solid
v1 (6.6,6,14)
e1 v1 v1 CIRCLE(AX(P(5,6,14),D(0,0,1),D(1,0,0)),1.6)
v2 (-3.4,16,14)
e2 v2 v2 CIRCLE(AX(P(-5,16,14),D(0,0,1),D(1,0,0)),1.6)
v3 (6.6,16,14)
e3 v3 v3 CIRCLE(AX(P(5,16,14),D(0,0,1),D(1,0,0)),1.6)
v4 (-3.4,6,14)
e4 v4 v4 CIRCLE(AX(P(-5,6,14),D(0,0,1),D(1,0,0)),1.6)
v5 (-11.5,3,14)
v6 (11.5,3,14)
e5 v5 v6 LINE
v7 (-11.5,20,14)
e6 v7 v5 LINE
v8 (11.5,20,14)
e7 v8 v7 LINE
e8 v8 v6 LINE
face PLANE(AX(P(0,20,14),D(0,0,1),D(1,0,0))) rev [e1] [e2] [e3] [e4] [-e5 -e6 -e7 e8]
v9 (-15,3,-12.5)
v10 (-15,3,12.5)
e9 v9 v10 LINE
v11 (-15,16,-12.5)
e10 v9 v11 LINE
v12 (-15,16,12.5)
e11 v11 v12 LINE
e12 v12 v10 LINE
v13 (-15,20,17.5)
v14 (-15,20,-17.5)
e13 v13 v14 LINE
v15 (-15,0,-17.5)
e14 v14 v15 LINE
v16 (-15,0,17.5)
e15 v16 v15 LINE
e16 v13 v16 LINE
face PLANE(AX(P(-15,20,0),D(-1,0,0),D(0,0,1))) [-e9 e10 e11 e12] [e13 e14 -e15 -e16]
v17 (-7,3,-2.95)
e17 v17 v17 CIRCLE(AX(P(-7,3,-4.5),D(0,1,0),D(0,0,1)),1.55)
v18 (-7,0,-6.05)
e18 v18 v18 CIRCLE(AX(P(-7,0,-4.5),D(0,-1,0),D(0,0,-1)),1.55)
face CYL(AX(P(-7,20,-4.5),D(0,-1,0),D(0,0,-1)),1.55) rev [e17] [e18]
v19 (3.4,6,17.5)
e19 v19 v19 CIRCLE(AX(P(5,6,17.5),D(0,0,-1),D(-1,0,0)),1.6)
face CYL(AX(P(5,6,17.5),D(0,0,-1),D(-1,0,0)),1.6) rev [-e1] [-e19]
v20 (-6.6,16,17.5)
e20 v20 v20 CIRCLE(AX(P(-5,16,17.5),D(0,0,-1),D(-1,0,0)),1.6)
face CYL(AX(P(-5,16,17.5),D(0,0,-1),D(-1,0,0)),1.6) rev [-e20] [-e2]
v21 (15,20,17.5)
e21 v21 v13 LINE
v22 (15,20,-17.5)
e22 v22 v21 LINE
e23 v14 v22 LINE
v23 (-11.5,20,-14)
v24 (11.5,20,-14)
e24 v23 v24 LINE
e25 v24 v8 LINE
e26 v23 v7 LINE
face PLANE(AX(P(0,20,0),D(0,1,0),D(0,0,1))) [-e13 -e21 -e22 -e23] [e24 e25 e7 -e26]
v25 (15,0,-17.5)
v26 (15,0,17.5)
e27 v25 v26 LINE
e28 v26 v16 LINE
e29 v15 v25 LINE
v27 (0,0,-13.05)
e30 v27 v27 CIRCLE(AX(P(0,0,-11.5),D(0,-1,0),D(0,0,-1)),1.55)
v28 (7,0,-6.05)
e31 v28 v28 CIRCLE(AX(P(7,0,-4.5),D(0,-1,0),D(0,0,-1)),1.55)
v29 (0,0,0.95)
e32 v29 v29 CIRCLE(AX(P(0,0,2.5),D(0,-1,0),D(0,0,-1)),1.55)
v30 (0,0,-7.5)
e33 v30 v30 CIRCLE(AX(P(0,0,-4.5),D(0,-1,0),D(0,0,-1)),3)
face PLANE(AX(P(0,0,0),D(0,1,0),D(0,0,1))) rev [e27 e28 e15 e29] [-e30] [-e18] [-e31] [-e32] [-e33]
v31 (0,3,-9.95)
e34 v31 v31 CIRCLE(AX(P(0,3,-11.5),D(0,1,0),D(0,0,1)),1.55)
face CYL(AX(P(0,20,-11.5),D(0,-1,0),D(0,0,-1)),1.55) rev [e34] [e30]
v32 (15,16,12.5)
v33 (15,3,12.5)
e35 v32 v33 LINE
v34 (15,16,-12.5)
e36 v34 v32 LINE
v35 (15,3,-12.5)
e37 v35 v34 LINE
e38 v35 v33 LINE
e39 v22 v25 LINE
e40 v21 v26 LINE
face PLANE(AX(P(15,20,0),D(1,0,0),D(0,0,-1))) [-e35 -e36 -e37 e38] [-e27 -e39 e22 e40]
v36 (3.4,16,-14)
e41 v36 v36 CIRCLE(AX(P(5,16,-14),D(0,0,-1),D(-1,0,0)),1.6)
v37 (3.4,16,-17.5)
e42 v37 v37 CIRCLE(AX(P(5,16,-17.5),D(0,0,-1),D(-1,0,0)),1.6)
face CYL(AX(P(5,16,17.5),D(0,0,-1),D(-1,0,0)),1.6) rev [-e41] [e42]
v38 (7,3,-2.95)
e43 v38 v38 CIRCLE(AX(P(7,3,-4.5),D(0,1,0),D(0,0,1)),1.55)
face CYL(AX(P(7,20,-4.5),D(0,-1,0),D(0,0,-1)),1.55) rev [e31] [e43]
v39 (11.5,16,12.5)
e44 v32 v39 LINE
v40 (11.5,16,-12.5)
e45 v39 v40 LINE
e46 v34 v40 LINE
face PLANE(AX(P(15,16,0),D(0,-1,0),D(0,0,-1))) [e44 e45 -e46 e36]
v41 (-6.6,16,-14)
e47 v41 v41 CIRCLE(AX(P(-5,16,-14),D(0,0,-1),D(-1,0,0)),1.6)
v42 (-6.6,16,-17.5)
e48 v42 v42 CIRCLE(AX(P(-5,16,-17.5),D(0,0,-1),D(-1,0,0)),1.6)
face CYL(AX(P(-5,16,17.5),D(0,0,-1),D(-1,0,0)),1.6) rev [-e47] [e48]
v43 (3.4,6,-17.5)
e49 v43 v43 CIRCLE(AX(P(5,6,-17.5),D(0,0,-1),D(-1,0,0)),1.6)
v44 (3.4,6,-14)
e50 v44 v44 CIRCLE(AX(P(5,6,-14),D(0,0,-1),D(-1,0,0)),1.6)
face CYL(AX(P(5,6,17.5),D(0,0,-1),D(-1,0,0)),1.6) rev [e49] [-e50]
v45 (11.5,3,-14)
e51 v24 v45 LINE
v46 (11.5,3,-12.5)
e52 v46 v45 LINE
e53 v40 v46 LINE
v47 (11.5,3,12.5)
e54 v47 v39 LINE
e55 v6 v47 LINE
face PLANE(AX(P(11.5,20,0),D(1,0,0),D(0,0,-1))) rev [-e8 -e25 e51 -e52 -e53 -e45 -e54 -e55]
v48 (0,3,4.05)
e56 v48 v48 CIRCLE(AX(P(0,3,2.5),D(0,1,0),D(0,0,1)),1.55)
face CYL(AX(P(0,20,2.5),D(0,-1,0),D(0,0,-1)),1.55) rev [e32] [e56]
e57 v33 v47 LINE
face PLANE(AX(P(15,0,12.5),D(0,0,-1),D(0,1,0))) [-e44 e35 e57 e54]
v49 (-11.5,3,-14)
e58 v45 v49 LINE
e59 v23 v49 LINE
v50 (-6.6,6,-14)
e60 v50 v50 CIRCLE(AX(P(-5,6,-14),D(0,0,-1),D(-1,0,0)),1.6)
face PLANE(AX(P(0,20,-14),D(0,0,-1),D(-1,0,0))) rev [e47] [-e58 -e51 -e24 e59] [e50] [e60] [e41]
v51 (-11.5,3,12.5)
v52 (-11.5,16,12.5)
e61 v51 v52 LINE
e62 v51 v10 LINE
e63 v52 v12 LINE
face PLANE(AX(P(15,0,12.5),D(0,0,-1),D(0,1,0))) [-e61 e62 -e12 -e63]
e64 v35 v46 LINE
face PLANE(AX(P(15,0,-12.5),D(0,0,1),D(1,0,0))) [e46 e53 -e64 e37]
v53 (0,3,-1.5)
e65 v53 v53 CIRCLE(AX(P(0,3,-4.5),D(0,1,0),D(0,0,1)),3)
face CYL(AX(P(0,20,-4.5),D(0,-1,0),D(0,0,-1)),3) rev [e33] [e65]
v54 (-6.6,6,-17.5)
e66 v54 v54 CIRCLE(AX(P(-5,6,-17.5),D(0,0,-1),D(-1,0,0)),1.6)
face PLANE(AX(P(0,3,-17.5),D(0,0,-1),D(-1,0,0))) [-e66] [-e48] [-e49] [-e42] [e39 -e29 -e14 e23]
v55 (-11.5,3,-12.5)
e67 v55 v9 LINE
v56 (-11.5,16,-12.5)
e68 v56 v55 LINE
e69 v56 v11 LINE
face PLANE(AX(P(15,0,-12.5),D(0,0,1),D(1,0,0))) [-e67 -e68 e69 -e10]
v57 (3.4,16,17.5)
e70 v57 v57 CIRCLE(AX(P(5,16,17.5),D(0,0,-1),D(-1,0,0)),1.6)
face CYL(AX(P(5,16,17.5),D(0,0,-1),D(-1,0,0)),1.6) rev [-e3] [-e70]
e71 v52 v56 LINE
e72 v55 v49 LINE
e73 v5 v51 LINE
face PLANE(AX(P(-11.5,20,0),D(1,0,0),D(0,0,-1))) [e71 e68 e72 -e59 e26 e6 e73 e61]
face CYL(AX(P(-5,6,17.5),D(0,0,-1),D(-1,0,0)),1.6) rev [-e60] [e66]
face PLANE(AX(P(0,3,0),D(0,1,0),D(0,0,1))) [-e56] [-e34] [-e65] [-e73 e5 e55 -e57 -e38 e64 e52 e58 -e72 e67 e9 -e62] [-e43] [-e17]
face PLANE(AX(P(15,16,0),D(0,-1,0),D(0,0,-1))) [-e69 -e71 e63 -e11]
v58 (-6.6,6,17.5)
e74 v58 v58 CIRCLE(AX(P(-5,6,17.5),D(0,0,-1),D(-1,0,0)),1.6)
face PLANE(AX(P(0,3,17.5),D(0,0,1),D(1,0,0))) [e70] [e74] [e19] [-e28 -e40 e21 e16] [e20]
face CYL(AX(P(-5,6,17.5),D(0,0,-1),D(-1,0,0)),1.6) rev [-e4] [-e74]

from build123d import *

# Parameters (mm, degrees)
SKETCH_1_W          = 23
SKETCH_1_H          = 35
EXTRUDE_2_DEPTH     = 3
SKETCH_1_4_W        = 23
SKETCH_1_4_H        = 3.5
EXTRUDE_3_DEPTH     = 18
EXTRUDE_3_2_DEPTH   = 18
SKETCH_1_5_W        = 30
SKETCH_1_5_H        = 35
SKETCH_1_5_W_2      = 23
SKETCH_1_5_H_2      = 28
EXTRUDE_4_DEPTH     = 20
CUT_EXTRUDE_5_DEPTH = 41.078048855
SKETCH_9_R          = 1.55
SKETCH_9_R_2        = 3
CUT_EXTRUDE_6_DEPTH = 31.516389039
SKETCH_10_R         = 1.6
CUT_EXTRUDE_7_DEPTH = 44.011626335


with BuildPart() as part:
    # 草图1 → 凸台-拉伸2 (new body)
    with BuildSketch(Plane(origin=(0, 0, 0), x_dir=(1, 0, 0), z_dir=(0, 1, 0))):
        Rectangle(SKETCH_1_W, SKETCH_1_H)
    extrude(amount=EXTRUDE_2_DEPTH)



with BuildPart() as body_2:
    # 草图1<4> → 凸台-拉伸3 (new body)
    with BuildSketch(Plane(origin=(0, 0, 0), x_dir=(1, 0, 0), z_dir=(0, 1, 0))):
        with Locations((0, 15.75)):
            Rectangle(SKETCH_1_4_W, SKETCH_1_4_H)
    extrude(amount=EXTRUDE_3_DEPTH)


with BuildPart() as body_3:
    # 草图1<4> → Extrude 3 2 (new body)
    with BuildSketch(Plane(origin=(0, 0, 0), x_dir=(1, 0, 0), z_dir=(0, 1, 0))):
        with Locations((0, -15.75)):
            Rectangle(SKETCH_1_4_W, SKETCH_1_4_H)
    extrude(amount=EXTRUDE_3_2_DEPTH)


with BuildPart() as part_1:
    add(part.part)

    add(body_2.part)  # 凸台-拉伸4 merges body 2

    add(body_3.part)  # 凸台-拉伸4 merges body 3
    # 草图1<5> → 凸台-拉伸4 (add)
    with BuildSketch(Plane(origin=(0, 0, 0), x_dir=(1, 0, 0), z_dir=(0, 1, 0))):
        Rectangle(SKETCH_1_5_W, SKETCH_1_5_H)
        Rectangle(SKETCH_1_5_W_2, SKETCH_1_5_H_2, mode=Mode.SUBTRACT)
    extrude(amount=EXTRUDE_4_DEPTH)

    # 草图8 → 切除-拉伸5 (cut, through all)
    with BuildSketch(Plane.ZY.offset(15)):
        Polygon((12.5, 3), (12.5, 10), (12.5, 16), (-12.5, 16), (-12.5, 3), (0, 3), align=None)
    extrude(amount=-CUT_EXTRUDE_5_DEPTH, mode=Mode.SUBTRACT)

    # 草图9 → 切除-拉伸6 (cut, through all)
    with BuildSketch(Plane.XZ):
        with Locations((0, -11.5)):
            Circle(SKETCH_9_R)
        with Locations((0, 2.5)):
            Circle(SKETCH_9_R)
        with Locations((7, -4.5)):
            Circle(SKETCH_9_R)
        with Locations((-7, -4.5)):
            Circle(SKETCH_9_R)
        with Locations((0, -4.5)):
            Circle(SKETCH_9_R_2)
    extrude(amount=-CUT_EXTRUDE_6_DEPTH, mode=Mode.SUBTRACT)

    # 草图10 → 切除-拉伸7 (cut, through all)
    with BuildSketch(Plane(origin=(0, 0, -17.5), x_dir=(-1, 0, 0), z_dir=(0, 0, -1))):
        with Locations((5, 6)):
            Circle(SKETCH_10_R)
        with Locations((-5, 6)):
            Circle(SKETCH_10_R)
        with Locations((-5, 16)):
            Circle(SKETCH_10_R)
        with Locations((5, 16)):
            Circle(SKETCH_10_R)
    extrude(amount=-CUT_EXTRUDE_7_DEPTH, mode=Mode.SUBTRACT)


solid = part_1.part
